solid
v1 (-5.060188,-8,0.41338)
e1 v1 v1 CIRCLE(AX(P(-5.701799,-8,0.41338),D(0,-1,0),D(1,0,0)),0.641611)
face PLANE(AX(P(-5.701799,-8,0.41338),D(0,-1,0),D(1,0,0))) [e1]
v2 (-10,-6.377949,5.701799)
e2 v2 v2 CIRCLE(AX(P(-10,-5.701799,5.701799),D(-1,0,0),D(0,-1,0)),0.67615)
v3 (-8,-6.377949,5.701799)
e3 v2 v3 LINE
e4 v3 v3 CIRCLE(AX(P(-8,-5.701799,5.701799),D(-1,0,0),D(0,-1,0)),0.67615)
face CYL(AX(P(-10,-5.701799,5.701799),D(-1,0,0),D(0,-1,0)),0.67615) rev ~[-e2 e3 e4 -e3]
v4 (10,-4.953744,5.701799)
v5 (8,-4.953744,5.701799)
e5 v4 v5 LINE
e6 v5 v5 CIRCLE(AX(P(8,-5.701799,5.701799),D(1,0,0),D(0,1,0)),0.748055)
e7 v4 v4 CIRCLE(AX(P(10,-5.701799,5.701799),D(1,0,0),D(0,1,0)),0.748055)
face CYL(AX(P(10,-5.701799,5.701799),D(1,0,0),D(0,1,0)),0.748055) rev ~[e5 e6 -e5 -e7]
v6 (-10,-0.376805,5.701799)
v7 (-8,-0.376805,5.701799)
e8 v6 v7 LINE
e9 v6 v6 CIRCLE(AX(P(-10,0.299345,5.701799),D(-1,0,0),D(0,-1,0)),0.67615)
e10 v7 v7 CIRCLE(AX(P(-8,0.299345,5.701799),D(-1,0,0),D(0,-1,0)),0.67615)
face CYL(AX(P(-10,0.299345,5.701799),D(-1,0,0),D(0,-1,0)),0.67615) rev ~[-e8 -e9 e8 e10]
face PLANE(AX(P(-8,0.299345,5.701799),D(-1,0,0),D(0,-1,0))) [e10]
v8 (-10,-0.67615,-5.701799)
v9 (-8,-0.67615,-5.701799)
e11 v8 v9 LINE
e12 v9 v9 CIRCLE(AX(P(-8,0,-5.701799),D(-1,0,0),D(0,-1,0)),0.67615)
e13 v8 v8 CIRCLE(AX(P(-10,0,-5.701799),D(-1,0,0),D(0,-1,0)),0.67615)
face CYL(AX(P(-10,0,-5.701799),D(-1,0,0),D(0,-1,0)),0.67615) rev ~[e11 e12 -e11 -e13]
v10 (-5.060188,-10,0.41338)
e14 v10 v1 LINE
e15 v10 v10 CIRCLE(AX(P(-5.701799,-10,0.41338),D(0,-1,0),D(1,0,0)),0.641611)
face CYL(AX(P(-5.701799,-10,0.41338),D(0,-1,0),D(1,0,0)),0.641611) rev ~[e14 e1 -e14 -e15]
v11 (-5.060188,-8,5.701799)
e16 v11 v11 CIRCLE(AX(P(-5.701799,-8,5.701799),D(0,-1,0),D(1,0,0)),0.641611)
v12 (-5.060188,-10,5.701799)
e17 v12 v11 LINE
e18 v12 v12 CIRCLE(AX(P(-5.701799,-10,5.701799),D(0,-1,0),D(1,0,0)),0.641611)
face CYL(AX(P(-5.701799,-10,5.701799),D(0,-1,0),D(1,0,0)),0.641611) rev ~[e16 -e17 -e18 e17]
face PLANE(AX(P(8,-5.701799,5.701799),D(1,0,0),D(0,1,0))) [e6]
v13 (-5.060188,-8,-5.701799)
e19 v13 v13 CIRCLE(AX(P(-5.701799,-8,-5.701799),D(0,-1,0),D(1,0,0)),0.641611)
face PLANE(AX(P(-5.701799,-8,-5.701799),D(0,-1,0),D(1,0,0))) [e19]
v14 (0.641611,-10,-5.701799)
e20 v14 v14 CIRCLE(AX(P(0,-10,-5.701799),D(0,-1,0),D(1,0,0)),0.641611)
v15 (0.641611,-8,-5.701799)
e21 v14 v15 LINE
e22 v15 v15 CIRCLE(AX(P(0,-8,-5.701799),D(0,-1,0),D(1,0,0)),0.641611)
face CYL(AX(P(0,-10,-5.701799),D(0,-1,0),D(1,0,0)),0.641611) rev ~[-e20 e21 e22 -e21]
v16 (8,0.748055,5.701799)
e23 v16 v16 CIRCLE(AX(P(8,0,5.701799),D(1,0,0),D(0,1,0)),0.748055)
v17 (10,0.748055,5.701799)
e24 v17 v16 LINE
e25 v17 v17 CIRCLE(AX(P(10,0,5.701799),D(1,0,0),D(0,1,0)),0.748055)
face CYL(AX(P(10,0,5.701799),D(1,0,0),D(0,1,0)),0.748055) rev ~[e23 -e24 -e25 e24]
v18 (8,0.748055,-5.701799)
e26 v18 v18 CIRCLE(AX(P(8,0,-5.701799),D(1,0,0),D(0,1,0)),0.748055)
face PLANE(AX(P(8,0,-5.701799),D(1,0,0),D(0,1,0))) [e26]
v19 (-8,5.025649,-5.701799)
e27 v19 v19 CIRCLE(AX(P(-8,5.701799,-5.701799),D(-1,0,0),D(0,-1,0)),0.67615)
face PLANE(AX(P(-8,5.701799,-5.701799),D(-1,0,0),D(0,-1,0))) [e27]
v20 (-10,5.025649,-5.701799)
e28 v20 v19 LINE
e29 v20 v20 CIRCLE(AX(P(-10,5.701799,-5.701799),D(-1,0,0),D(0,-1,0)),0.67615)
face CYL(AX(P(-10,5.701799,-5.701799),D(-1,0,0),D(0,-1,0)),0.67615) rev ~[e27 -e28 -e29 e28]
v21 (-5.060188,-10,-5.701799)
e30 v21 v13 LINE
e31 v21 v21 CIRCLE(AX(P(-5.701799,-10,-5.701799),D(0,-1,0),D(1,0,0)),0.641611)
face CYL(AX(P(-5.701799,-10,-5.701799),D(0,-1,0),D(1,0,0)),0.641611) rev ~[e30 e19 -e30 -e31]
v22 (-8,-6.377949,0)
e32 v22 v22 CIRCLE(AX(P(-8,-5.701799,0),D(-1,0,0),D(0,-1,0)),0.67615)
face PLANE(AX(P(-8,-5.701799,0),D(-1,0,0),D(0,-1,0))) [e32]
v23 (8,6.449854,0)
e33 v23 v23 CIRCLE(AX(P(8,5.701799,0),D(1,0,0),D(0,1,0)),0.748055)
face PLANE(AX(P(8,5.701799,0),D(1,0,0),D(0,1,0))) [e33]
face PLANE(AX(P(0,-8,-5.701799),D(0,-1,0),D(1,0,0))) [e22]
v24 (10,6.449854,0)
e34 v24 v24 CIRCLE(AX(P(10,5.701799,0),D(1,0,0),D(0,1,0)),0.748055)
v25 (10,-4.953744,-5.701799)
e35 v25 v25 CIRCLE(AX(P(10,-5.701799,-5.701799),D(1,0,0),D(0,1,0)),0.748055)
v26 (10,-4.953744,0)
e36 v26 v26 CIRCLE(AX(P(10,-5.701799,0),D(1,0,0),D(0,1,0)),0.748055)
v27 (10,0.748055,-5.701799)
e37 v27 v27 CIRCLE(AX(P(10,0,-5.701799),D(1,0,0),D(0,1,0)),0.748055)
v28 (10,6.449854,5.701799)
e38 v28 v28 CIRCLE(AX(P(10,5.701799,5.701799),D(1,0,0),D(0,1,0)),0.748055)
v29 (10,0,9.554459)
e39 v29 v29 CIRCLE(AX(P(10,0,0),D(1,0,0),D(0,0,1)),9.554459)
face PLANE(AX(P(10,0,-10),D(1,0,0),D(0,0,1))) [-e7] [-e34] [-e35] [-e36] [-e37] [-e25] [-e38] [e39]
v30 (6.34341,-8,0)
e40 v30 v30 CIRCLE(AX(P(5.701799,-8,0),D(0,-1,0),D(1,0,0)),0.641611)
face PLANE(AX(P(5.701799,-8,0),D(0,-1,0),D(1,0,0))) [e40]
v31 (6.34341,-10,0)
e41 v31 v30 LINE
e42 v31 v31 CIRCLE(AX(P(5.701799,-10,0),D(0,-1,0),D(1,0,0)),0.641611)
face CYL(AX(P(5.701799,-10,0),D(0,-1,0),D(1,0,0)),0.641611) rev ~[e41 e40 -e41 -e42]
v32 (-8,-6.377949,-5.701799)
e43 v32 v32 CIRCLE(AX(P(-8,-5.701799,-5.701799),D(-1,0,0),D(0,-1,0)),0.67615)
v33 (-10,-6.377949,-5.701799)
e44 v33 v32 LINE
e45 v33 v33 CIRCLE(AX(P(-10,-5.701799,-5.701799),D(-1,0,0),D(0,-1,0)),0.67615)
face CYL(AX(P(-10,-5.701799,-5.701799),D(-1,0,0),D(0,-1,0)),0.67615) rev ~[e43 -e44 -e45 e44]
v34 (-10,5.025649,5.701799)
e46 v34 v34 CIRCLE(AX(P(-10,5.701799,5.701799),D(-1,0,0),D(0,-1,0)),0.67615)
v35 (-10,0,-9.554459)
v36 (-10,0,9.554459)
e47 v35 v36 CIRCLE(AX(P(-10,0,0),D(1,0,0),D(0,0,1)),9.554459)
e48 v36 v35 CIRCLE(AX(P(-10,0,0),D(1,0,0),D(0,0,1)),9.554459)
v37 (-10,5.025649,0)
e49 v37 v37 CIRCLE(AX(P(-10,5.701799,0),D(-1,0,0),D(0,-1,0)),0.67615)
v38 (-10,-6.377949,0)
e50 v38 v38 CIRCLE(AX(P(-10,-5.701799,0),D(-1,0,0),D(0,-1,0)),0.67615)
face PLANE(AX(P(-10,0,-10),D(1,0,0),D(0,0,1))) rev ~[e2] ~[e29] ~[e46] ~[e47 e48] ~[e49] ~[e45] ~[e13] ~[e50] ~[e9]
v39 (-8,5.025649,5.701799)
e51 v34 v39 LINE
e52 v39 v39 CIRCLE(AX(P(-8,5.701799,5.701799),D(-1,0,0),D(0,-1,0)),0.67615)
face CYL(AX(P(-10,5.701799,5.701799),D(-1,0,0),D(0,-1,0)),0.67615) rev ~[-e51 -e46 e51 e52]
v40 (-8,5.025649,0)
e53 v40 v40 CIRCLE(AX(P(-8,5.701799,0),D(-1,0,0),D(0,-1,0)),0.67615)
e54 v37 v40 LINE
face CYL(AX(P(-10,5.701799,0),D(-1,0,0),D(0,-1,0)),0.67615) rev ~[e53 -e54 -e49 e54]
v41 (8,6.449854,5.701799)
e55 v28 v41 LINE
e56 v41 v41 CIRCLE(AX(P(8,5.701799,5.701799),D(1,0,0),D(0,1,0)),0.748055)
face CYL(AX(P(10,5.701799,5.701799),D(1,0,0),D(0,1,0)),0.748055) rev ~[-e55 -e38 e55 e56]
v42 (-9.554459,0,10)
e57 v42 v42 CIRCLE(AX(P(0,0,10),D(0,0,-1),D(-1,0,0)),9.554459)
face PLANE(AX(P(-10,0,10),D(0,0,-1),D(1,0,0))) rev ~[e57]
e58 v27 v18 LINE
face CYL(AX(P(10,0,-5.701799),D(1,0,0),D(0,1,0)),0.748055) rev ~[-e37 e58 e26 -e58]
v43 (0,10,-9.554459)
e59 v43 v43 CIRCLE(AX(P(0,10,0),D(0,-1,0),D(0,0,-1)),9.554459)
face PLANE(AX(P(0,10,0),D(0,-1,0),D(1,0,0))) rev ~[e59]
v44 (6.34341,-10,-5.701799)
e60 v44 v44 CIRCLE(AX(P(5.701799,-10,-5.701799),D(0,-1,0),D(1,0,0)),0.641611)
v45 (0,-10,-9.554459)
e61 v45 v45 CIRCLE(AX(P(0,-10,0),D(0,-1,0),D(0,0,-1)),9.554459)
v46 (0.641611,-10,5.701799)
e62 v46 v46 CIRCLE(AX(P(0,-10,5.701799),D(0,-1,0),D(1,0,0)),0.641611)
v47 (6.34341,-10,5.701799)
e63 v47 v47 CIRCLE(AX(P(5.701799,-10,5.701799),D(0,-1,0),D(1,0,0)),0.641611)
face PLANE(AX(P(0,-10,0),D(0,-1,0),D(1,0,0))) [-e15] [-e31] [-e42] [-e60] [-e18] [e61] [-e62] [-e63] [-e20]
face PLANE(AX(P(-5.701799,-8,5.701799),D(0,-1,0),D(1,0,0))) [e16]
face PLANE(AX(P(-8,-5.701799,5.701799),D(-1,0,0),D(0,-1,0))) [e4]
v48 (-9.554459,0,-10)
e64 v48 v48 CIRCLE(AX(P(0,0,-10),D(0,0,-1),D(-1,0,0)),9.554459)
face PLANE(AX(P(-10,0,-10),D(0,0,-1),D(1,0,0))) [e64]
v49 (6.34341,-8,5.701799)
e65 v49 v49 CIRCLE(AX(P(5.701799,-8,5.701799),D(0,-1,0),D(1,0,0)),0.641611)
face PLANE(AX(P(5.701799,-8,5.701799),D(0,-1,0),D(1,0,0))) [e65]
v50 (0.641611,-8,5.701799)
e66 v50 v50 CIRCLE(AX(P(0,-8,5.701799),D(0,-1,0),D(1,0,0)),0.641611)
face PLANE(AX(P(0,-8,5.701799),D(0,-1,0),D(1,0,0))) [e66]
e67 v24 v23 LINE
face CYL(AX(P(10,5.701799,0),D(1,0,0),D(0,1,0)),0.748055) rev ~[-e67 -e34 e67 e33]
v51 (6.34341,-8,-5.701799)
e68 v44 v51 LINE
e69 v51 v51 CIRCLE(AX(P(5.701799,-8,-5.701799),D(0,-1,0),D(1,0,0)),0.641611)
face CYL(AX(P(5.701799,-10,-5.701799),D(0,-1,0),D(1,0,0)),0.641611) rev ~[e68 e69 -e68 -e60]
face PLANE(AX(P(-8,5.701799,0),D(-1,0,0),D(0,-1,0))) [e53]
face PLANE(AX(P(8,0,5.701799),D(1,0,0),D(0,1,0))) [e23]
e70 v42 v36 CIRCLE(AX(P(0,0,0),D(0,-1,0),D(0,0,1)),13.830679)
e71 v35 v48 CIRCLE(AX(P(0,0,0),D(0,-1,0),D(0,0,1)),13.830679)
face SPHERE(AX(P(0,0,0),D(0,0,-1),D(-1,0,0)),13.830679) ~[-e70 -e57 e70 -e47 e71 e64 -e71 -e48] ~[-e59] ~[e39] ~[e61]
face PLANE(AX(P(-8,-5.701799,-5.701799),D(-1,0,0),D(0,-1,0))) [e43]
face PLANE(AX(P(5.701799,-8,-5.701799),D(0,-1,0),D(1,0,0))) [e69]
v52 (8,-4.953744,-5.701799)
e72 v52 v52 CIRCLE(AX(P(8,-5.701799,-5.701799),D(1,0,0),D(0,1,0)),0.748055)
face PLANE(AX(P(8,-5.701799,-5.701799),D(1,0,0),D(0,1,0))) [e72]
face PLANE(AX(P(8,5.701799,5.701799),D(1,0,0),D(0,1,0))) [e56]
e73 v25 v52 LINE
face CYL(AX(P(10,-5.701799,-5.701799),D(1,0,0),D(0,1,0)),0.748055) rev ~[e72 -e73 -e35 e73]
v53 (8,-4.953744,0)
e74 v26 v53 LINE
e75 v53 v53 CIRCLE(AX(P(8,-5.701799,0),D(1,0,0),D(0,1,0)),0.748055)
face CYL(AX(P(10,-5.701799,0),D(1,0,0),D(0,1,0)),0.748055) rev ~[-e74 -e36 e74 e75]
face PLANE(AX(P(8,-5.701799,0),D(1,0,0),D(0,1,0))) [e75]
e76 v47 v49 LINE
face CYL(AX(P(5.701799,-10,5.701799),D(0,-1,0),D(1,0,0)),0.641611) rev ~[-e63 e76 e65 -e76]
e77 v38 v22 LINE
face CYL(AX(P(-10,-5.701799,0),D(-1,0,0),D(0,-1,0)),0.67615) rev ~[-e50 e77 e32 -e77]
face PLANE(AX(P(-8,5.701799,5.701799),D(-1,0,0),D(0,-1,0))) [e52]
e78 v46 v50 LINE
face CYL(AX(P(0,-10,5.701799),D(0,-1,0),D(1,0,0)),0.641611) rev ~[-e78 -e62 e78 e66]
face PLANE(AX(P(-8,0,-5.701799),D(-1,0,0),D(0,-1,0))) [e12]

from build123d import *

# Parameters (mm, degrees)
F0_W      = 20
F0_H      = 20
F1_DEPTH  = 10
F5_R      = 0.748055
F6_DEPTH  = 2
F7_R      = 0.641611
F8_DEPTH  = 2
F9_R      = 0.67615
F10_DEPTH = 2


with BuildPart() as f1:
    # F0 (on Front) → F1 (new body, symmetric)
    with BuildSketch(Plane.XZ):
        Rectangle(F0_W, F0_H)
    extrude(amount=F1_DEPTH, both=True)

    # F2 (on Front) → F3 (revolve, intersect)
    with BuildSketch(Plane.XZ):
        with BuildLine():
            Line((0, -13.830679), (0, 13.830679))
            ThreePointArc((0, 13.830679), (-13.830679, 0), (0, -13.830679))
        make_face()
    revolve(axis=Axis((0, 0, 1.024824), (0, 0, 1)), mode=Mode.INTERSECT)

    # F5 (on face) → F6 (cut)
    with BuildSketch(Plane.YZ.offset(10)):
        with Locations((0, -5.701799)):
            Circle(F5_R)
        with Locations((-5.701799, -5.701799)):
            Circle(F5_R)
        with Locations((-5.701799, 0)):
            Circle(F5_R)
        with Locations((-5.701799, 5.701799)):
            Circle(F5_R)
        with Locations((0, 5.701799)):
            Circle(F5_R)
        with Locations((5.701799, 5.701799)):
            Circle(F5_R)
        with Locations((5.701799, 0)):
            Circle(F5_R)
    extrude(amount=-F6_DEPTH, mode=Mode.SUBTRACT)

    # F7 (on face) → F8 (cut)
    with BuildSketch(Plane.XZ.offset(10)):
        with Locations((-5.701799, 5.701799)):
            Circle(F7_R)
        with Locations((-5.701799, 0.41338)):
            Circle(F7_R)
        with Locations((-5.701799, -5.701799)):
            Circle(F7_R)
        with Locations((0, -5.701799)):
            Circle(F7_R)
        with Locations((5.701799, -5.701799)):
            Circle(F7_R)
        with Locations((5.701799, 0)):
            Circle(F7_R)
        with Locations((5.701799, 5.701799)):
            Circle(F7_R)
        with Locations((0, 5.701799)):
            Circle(F7_R)
    extrude(amount=-F8_DEPTH, mode=Mode.SUBTRACT)

    # F9 (on face) → F10 (cut)
    with BuildSketch(Plane(origin=(-10, 0, 0), x_dir=(0, -1, 0), z_dir=(-1, 0, 0))):
        with Locations((-0.299345, 5.701799)):
            Circle(F9_R)
        with Locations((-5.701799, 5.701799)):
            Circle(F9_R)
        with Locations((-5.701799, 0)):
            Circle(F9_R)
        with Locations((-5.701799, -5.701799)):
            Circle(F9_R)
        with Locations((0, -5.701799)):
            Circle(F9_R)
        with Locations((5.701799, -5.701799)):
            Circle(F9_R)
        with Locations((5.701799, 0)):
            Circle(F9_R)
        with Locations((5.701799, 5.701799)):
            Circle(F9_R)
    extrude(amount=-F10_DEPTH, mode=Mode.SUBTRACT)


solid = f1.part
